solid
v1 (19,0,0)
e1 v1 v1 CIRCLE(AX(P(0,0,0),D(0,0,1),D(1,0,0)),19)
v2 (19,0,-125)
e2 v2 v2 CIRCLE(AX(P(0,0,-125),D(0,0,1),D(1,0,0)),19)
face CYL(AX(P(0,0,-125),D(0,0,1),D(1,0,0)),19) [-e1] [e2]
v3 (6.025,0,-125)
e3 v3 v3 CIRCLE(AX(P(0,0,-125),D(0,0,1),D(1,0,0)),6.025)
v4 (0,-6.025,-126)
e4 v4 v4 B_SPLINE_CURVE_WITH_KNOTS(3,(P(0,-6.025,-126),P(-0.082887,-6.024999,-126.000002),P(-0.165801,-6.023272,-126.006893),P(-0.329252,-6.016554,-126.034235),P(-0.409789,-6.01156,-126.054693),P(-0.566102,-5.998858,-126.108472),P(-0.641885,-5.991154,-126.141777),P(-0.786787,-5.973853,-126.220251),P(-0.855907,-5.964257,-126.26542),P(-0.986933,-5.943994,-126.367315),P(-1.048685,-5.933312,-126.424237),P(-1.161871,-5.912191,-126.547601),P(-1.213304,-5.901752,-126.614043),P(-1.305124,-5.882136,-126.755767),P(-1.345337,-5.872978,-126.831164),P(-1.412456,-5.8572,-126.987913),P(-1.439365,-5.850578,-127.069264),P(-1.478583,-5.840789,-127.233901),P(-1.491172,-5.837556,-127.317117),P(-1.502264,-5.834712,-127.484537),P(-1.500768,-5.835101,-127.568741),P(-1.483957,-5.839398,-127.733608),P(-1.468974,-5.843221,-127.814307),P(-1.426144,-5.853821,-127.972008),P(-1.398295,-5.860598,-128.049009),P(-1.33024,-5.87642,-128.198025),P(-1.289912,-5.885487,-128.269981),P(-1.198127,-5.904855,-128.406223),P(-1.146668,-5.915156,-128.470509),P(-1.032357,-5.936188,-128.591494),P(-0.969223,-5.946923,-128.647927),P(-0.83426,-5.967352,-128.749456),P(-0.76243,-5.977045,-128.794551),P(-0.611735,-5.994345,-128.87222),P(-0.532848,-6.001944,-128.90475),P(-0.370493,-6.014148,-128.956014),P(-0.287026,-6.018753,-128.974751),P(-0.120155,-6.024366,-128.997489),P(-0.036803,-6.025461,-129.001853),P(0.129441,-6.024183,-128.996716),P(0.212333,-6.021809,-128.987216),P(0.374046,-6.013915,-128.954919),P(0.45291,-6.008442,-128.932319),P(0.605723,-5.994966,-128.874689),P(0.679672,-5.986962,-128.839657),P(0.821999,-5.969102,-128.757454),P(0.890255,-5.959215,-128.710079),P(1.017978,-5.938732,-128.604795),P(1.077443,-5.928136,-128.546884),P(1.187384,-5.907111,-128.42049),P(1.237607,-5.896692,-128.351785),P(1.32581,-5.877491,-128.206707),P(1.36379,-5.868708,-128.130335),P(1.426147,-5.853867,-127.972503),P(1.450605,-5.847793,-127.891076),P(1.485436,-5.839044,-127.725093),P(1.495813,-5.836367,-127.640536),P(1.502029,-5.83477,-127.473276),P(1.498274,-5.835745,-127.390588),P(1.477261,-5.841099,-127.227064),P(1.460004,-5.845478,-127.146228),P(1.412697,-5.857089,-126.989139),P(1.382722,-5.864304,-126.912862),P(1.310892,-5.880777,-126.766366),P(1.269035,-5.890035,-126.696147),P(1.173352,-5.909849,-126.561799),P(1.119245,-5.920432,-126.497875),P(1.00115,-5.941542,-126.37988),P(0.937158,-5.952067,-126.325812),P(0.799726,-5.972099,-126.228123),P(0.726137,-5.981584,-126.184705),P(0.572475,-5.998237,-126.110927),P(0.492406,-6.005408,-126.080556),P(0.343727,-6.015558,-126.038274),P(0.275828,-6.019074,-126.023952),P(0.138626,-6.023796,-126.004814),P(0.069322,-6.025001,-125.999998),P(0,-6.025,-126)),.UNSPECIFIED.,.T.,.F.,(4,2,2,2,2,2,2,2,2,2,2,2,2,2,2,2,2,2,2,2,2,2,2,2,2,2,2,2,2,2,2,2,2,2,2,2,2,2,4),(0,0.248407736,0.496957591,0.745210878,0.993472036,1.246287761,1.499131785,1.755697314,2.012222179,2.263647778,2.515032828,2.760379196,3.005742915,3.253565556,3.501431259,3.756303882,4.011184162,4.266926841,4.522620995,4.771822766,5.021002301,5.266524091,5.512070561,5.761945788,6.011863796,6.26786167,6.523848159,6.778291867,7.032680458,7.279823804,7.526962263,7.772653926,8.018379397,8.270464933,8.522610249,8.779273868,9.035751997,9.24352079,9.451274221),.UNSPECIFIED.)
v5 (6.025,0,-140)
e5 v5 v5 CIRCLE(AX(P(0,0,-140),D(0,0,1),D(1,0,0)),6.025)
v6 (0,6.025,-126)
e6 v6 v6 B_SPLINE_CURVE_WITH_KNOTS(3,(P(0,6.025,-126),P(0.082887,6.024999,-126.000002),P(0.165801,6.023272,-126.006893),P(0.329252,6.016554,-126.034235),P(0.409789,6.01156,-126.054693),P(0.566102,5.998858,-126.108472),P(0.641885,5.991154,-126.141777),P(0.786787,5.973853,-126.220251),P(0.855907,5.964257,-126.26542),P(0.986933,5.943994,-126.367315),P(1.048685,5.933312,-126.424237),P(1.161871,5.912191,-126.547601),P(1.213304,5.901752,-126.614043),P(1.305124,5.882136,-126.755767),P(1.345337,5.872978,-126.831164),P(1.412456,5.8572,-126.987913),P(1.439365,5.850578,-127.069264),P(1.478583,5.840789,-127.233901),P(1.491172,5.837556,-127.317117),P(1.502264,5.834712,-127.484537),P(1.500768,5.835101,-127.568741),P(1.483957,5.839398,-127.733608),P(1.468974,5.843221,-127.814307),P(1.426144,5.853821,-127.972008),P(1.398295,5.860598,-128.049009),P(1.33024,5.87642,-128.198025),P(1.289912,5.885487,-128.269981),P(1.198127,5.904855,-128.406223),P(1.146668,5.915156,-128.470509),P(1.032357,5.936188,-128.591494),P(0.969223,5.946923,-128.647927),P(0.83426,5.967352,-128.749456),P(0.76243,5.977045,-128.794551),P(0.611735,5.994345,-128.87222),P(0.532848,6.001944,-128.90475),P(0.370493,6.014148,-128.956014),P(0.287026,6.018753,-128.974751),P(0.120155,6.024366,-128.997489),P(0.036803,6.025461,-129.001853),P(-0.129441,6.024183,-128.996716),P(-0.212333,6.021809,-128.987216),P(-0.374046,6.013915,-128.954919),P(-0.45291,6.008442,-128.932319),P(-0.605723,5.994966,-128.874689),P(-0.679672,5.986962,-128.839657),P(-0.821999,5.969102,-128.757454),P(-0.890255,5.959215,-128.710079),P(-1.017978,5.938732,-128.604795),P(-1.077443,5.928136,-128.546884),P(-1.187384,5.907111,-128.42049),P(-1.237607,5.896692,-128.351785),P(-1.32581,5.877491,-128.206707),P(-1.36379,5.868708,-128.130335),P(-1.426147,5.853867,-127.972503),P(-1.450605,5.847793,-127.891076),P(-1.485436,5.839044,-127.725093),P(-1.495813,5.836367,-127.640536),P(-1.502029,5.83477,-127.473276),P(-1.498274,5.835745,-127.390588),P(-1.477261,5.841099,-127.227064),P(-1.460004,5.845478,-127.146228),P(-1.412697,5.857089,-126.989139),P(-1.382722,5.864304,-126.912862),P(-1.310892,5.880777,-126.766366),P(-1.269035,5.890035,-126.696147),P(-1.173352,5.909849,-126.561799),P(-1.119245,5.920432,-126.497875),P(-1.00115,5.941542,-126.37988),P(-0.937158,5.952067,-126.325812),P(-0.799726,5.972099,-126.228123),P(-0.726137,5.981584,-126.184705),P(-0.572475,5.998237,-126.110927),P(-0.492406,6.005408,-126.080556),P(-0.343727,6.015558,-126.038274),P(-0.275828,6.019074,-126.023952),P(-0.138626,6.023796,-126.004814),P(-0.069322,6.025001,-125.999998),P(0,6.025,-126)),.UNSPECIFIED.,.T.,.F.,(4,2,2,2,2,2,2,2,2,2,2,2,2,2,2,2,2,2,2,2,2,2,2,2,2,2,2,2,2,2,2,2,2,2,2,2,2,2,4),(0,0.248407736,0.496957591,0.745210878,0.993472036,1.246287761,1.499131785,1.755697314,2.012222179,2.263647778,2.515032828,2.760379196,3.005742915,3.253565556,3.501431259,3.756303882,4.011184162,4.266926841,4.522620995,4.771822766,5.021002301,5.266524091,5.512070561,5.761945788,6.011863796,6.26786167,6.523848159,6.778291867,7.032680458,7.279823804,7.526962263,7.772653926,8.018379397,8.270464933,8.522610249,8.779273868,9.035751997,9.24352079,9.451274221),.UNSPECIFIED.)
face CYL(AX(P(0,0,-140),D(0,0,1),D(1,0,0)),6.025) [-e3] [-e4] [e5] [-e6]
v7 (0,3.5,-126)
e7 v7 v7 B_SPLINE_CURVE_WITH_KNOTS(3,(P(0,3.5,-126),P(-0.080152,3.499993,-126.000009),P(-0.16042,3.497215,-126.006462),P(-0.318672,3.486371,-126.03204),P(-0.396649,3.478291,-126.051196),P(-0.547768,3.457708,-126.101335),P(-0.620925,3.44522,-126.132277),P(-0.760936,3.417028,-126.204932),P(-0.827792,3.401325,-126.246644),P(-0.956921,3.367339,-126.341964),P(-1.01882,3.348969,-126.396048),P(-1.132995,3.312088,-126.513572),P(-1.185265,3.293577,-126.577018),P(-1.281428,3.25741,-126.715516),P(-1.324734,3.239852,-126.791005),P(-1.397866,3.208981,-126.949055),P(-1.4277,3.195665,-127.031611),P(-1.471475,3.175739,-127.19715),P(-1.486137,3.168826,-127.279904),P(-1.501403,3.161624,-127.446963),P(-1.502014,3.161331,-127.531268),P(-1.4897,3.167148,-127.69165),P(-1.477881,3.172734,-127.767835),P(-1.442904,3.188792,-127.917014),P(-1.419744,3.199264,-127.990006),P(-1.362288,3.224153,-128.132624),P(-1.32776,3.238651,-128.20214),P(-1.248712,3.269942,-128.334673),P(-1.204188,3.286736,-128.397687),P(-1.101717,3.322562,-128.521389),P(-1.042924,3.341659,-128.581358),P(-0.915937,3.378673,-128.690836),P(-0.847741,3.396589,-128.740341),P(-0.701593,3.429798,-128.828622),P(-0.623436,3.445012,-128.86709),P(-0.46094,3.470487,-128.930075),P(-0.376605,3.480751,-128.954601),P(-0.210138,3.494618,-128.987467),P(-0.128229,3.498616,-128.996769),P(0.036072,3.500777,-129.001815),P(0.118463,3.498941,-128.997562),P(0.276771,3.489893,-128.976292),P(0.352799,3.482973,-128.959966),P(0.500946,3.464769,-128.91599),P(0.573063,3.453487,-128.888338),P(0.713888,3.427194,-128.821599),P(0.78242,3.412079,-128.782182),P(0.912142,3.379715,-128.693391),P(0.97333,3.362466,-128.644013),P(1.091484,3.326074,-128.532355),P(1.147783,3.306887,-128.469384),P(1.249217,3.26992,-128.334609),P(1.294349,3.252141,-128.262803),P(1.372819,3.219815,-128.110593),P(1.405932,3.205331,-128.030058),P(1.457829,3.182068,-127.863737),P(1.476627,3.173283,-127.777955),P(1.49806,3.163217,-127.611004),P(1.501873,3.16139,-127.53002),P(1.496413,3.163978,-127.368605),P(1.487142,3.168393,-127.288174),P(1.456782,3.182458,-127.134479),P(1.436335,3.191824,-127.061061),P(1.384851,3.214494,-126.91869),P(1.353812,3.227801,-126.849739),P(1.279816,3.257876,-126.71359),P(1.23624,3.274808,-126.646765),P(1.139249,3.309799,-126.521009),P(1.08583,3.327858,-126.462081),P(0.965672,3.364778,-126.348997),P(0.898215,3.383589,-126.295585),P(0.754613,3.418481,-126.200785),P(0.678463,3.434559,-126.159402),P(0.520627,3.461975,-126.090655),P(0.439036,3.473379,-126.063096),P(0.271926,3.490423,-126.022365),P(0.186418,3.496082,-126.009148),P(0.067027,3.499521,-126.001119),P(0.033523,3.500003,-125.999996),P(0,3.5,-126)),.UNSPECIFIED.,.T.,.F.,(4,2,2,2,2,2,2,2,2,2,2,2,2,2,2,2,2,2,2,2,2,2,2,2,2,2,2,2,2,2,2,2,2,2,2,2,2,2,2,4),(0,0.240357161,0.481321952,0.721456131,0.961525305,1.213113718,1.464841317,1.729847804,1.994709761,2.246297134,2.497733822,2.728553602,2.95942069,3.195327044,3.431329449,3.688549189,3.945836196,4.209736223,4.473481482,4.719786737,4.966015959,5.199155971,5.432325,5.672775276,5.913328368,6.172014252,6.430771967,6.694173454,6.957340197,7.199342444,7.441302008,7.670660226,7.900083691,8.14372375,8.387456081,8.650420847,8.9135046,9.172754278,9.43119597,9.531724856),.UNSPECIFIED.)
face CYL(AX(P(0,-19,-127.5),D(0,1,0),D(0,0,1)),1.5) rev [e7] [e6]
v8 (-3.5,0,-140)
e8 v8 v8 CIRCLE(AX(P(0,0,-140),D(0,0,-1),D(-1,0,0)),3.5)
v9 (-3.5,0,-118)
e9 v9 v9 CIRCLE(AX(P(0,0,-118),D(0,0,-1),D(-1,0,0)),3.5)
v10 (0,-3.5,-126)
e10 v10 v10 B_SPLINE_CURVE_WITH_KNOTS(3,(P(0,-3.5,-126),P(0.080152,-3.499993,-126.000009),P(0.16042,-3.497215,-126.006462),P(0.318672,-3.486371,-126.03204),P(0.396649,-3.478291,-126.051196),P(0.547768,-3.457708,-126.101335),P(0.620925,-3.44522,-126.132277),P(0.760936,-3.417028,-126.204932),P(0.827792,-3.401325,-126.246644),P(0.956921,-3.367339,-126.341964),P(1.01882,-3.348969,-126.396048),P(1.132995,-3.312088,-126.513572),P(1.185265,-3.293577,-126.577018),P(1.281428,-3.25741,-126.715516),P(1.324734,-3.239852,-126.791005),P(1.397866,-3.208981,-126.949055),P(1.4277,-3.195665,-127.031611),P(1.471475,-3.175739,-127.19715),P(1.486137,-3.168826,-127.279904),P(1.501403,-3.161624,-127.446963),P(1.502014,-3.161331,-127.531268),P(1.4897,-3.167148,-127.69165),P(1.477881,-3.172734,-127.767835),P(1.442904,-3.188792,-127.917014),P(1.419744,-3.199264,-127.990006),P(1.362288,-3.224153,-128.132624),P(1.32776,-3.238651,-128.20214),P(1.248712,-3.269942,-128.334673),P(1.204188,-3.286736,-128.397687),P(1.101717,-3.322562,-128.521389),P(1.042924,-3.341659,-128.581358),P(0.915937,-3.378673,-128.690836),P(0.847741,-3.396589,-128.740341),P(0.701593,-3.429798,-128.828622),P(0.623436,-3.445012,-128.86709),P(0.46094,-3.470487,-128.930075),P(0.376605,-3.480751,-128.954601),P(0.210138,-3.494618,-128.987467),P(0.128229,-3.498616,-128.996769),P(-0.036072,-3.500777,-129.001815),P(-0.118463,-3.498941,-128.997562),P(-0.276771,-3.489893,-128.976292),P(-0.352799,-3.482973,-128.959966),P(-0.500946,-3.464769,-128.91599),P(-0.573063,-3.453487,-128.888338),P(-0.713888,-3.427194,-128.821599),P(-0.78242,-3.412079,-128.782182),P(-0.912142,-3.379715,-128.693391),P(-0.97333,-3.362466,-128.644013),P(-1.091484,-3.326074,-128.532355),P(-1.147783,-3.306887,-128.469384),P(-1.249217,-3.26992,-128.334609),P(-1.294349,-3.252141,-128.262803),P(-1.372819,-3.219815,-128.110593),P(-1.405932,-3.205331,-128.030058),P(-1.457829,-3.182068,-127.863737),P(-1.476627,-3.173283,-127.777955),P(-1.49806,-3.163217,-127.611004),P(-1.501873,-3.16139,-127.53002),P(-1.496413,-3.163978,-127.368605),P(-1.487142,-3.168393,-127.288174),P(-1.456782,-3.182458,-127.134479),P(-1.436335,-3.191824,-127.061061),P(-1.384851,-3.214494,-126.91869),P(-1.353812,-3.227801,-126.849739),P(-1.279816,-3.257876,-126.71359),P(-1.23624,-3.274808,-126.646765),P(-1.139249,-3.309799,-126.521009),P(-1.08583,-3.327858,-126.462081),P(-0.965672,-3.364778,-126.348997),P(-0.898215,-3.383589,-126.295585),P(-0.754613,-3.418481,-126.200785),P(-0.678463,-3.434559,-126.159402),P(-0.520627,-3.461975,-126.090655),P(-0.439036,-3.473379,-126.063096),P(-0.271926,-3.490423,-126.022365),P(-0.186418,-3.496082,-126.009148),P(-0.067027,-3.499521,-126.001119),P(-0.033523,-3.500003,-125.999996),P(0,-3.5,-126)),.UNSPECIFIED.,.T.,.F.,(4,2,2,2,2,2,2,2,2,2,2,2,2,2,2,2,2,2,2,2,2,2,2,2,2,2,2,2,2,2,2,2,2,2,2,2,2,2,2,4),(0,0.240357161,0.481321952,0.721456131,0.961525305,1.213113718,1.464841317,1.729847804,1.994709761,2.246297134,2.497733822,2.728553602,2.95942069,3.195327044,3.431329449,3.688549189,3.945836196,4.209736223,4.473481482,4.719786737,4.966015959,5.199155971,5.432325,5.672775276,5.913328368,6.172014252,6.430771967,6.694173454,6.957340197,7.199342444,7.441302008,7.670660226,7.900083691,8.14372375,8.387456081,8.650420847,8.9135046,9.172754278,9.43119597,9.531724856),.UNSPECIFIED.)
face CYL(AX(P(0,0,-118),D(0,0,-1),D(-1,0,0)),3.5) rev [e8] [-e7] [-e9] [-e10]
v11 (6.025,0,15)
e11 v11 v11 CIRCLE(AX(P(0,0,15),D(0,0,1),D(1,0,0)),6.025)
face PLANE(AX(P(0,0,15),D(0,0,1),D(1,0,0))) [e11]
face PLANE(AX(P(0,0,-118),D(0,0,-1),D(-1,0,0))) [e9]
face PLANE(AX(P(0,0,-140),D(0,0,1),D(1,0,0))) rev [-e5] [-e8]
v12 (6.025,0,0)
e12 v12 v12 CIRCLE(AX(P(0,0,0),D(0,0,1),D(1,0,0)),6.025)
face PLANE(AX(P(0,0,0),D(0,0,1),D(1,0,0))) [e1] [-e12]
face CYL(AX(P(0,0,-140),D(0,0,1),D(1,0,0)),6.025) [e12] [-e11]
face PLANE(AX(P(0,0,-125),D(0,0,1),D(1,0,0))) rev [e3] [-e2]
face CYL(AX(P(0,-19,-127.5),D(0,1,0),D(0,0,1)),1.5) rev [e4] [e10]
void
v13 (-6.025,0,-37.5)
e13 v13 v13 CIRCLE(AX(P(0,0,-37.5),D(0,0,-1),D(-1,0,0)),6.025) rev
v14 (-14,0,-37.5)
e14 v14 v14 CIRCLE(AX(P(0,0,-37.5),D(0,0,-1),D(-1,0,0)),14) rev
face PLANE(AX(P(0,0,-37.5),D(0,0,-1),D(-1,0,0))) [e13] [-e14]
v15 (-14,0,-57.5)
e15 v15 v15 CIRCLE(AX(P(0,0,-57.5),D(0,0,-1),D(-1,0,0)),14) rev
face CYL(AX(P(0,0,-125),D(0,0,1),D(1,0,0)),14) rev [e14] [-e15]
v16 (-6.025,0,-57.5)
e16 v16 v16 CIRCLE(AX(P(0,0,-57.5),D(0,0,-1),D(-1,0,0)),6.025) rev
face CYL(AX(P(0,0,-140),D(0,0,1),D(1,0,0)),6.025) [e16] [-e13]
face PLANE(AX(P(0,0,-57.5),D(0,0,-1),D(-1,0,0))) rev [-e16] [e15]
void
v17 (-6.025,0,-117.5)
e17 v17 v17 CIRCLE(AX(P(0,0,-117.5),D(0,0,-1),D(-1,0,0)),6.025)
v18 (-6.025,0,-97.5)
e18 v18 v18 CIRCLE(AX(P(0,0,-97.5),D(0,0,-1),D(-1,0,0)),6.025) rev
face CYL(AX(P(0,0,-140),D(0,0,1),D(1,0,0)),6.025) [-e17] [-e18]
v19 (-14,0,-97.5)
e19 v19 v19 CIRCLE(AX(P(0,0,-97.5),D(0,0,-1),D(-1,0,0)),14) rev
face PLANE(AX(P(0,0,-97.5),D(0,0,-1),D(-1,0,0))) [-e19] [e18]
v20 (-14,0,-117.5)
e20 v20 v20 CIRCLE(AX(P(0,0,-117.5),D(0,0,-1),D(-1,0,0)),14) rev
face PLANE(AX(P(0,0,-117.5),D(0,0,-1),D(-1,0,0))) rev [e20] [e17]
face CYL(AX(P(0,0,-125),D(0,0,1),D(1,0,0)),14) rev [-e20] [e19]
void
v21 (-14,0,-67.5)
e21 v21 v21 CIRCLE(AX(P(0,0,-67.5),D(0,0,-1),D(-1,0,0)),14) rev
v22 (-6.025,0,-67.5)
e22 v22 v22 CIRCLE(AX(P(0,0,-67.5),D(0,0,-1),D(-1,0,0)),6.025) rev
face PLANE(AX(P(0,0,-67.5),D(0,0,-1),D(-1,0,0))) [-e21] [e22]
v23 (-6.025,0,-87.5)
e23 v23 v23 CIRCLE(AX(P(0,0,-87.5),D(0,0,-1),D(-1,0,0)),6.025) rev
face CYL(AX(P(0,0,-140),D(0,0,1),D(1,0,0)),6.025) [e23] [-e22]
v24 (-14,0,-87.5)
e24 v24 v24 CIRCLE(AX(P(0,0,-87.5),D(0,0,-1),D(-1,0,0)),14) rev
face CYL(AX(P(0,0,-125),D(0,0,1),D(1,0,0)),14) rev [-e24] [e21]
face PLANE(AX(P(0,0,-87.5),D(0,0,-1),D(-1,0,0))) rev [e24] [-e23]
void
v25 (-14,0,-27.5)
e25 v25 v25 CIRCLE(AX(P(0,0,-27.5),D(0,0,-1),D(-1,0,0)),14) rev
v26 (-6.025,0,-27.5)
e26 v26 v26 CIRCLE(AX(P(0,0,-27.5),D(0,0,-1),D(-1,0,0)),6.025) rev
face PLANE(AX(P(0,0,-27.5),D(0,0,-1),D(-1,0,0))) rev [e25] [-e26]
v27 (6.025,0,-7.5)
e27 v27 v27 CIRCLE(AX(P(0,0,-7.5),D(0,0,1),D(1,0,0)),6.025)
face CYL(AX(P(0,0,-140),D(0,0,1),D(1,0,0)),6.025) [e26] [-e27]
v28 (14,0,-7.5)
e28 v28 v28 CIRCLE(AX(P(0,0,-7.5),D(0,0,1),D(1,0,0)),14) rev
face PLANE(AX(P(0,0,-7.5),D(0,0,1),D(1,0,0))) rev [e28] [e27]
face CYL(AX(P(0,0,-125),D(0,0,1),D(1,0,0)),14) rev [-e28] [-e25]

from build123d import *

# Parameters (mm, degrees)
SKETCH1_R                 = 19
SKETCH1_R_2               = 14
BOSS_EXTRUDE1_DEPTH       = 125
BOSS_EXTRUDE2_START       = 7.5
SKETCH2_R                 = 14
BOSS_EXTRUDE2_DEPTH       = 7.5
CUT_EXTRUDE1_DEPTH        = 121.53319045
CUT_EXTRUDE1_DEPTH_BACK   = 121.53319045
SKETCH4_R                 = 6.025
SKETCH5_R                 = 14
BOSS_EXTRUDE3_DEPTH       = 7.5
BOSS_EXTRUDE4_DEPTH       = 15
BOSS_EXTRUDE4_DEPTH_BACK  = 140
SKETCH7_R                 = 6.025
CUT_EXTRUDE2_DEPTH        = 143.555252446
CUT_EXTRUDE2_DEPTH_BACK   = 143.555252446
SKETCH8_R                 = 1.5
SKETCH9_R                 = 3.5
CUT_EXTRUDE3_DEPTH        = 22
SKETCH11_R                = 15
BOSS_EXTRUDE5_DEPTH       = 5
LPATTERN1_COUNT           = 2
LPATTERN1_PITCH           = 30
LPATTERN2_COPY_1_SKETCH_R = 15
LPATTERN2_COPY_1_DEPTH    = 5
LPATTERN2_COPY_2_SKETCH_R = 15
LPATTERN2_COPY_2_DEPTH    = 5


with BuildPart() as part:
    # Sketch1 → Boss-Extrude1 (new body)
    with BuildSketch(Plane.XY):
        Circle(SKETCH1_R)
        Circle(SKETCH1_R_2, mode=Mode.SUBTRACT)
    extrude(amount=-BOSS_EXTRUDE1_DEPTH)

    # Sketch2 → Boss-Extrude2 (add)
    with BuildSketch(Plane.XY.offset(-7.5).offset(BOSS_EXTRUDE2_START)):
        Circle(SKETCH2_R)
    extrude(amount=-BOSS_EXTRUDE2_DEPTH)

    # Sketch4 → Cut-Extrude1 (cut, two sides: drawn at the far end of the back side and taken through both)
    with BuildSketch(Plane.XY.offset(-7.5).offset(-CUT_EXTRUDE1_DEPTH_BACK)):
        Circle(SKETCH4_R)
    extrude(amount=CUT_EXTRUDE1_DEPTH + CUT_EXTRUDE1_DEPTH_BACK, mode=Mode.SUBTRACT)

    # Sketch5 → Boss-Extrude3 (add)
    with BuildSketch(Plane(origin=(0, 0, -117.5), x_dir=(-1, 0, 0), z_dir=(0, 0, -1))):
        with Locations(Location((0, 0, 0), (0, 0, 180))):
            Circle(SKETCH5_R)
    extrude(amount=BOSS_EXTRUDE3_DEPTH)

    # Sketch7 → Boss-Extrude4 (add, two sides: drawn at the far end of the back side and taken through both)
    with BuildSketch(Plane.XY.offset(-BOSS_EXTRUDE4_DEPTH_BACK)):
        Circle(SKETCH7_R)
    extrude(amount=BOSS_EXTRUDE4_DEPTH + BOSS_EXTRUDE4_DEPTH_BACK)

    # Sketch8 → Cut-Extrude2 (cut, two sides: drawn at the far end of the back side and taken through both)
    with BuildSketch(Plane(origin=(0, 0, 0), x_dir=(1, 0, 0), z_dir=(0, 1, 0)).offset(-CUT_EXTRUDE2_DEPTH_BACK)):
        with Locations(Location((0, 127.5, 0), (0, 0, 270))):
            Circle(SKETCH8_R)
    extrude(amount=CUT_EXTRUDE2_DEPTH + CUT_EXTRUDE2_DEPTH_BACK, mode=Mode.SUBTRACT)

    # Sketch9 → Cut-Extrude3 (cut)
    with BuildSketch(Plane(origin=(0, 0, -140), x_dir=(-1, 0, 0), z_dir=(0, 0, -1))):
        Circle(SKETCH9_R)
    extrude(amount=-CUT_EXTRUDE3_DEPTH, mode=Mode.SUBTRACT)

    # Sketch11 → Boss-Extrude5 (add, symmetric)
    with BuildSketch(Plane(origin=(0, 0, -62.5), x_dir=(-1, 0, 0), z_dir=(0, 0, -1))):
        Circle(SKETCH11_R)
    boss_extrude5 = extrude(amount=BOSS_EXTRUDE5_DEPTH, both=True)

    # LPattern1: Boss-Extrude5 ×2
    with Locations(*[(0, 0, -i * LPATTERN1_PITCH) for i in range(1, LPATTERN1_COUNT)]):
        add(boss_extrude5)

    # LPattern2 copy 1 sketch → LPattern2 copy 1 (add, symmetric)
    with BuildSketch(Plane(origin=(0, 0, -62.5), x_dir=(-1, 0, 0), z_dir=(0, 0, -1))):
        Circle(LPATTERN2_COPY_1_SKETCH_R)
    extrude(amount=LPATTERN2_COPY_1_DEPTH, both=True)

    # LPattern2 copy 2 sketch → LPattern2 copy 2 (add, symmetric)
    with BuildSketch(Plane(origin=(0, 0, -32.5), x_dir=(-1, 0, 0), z_dir=(0, 0, -1))):
        Circle(LPATTERN2_COPY_2_SKETCH_R)
    extrude(amount=LPATTERN2_COPY_2_DEPTH, both=True)


solid = part.part
